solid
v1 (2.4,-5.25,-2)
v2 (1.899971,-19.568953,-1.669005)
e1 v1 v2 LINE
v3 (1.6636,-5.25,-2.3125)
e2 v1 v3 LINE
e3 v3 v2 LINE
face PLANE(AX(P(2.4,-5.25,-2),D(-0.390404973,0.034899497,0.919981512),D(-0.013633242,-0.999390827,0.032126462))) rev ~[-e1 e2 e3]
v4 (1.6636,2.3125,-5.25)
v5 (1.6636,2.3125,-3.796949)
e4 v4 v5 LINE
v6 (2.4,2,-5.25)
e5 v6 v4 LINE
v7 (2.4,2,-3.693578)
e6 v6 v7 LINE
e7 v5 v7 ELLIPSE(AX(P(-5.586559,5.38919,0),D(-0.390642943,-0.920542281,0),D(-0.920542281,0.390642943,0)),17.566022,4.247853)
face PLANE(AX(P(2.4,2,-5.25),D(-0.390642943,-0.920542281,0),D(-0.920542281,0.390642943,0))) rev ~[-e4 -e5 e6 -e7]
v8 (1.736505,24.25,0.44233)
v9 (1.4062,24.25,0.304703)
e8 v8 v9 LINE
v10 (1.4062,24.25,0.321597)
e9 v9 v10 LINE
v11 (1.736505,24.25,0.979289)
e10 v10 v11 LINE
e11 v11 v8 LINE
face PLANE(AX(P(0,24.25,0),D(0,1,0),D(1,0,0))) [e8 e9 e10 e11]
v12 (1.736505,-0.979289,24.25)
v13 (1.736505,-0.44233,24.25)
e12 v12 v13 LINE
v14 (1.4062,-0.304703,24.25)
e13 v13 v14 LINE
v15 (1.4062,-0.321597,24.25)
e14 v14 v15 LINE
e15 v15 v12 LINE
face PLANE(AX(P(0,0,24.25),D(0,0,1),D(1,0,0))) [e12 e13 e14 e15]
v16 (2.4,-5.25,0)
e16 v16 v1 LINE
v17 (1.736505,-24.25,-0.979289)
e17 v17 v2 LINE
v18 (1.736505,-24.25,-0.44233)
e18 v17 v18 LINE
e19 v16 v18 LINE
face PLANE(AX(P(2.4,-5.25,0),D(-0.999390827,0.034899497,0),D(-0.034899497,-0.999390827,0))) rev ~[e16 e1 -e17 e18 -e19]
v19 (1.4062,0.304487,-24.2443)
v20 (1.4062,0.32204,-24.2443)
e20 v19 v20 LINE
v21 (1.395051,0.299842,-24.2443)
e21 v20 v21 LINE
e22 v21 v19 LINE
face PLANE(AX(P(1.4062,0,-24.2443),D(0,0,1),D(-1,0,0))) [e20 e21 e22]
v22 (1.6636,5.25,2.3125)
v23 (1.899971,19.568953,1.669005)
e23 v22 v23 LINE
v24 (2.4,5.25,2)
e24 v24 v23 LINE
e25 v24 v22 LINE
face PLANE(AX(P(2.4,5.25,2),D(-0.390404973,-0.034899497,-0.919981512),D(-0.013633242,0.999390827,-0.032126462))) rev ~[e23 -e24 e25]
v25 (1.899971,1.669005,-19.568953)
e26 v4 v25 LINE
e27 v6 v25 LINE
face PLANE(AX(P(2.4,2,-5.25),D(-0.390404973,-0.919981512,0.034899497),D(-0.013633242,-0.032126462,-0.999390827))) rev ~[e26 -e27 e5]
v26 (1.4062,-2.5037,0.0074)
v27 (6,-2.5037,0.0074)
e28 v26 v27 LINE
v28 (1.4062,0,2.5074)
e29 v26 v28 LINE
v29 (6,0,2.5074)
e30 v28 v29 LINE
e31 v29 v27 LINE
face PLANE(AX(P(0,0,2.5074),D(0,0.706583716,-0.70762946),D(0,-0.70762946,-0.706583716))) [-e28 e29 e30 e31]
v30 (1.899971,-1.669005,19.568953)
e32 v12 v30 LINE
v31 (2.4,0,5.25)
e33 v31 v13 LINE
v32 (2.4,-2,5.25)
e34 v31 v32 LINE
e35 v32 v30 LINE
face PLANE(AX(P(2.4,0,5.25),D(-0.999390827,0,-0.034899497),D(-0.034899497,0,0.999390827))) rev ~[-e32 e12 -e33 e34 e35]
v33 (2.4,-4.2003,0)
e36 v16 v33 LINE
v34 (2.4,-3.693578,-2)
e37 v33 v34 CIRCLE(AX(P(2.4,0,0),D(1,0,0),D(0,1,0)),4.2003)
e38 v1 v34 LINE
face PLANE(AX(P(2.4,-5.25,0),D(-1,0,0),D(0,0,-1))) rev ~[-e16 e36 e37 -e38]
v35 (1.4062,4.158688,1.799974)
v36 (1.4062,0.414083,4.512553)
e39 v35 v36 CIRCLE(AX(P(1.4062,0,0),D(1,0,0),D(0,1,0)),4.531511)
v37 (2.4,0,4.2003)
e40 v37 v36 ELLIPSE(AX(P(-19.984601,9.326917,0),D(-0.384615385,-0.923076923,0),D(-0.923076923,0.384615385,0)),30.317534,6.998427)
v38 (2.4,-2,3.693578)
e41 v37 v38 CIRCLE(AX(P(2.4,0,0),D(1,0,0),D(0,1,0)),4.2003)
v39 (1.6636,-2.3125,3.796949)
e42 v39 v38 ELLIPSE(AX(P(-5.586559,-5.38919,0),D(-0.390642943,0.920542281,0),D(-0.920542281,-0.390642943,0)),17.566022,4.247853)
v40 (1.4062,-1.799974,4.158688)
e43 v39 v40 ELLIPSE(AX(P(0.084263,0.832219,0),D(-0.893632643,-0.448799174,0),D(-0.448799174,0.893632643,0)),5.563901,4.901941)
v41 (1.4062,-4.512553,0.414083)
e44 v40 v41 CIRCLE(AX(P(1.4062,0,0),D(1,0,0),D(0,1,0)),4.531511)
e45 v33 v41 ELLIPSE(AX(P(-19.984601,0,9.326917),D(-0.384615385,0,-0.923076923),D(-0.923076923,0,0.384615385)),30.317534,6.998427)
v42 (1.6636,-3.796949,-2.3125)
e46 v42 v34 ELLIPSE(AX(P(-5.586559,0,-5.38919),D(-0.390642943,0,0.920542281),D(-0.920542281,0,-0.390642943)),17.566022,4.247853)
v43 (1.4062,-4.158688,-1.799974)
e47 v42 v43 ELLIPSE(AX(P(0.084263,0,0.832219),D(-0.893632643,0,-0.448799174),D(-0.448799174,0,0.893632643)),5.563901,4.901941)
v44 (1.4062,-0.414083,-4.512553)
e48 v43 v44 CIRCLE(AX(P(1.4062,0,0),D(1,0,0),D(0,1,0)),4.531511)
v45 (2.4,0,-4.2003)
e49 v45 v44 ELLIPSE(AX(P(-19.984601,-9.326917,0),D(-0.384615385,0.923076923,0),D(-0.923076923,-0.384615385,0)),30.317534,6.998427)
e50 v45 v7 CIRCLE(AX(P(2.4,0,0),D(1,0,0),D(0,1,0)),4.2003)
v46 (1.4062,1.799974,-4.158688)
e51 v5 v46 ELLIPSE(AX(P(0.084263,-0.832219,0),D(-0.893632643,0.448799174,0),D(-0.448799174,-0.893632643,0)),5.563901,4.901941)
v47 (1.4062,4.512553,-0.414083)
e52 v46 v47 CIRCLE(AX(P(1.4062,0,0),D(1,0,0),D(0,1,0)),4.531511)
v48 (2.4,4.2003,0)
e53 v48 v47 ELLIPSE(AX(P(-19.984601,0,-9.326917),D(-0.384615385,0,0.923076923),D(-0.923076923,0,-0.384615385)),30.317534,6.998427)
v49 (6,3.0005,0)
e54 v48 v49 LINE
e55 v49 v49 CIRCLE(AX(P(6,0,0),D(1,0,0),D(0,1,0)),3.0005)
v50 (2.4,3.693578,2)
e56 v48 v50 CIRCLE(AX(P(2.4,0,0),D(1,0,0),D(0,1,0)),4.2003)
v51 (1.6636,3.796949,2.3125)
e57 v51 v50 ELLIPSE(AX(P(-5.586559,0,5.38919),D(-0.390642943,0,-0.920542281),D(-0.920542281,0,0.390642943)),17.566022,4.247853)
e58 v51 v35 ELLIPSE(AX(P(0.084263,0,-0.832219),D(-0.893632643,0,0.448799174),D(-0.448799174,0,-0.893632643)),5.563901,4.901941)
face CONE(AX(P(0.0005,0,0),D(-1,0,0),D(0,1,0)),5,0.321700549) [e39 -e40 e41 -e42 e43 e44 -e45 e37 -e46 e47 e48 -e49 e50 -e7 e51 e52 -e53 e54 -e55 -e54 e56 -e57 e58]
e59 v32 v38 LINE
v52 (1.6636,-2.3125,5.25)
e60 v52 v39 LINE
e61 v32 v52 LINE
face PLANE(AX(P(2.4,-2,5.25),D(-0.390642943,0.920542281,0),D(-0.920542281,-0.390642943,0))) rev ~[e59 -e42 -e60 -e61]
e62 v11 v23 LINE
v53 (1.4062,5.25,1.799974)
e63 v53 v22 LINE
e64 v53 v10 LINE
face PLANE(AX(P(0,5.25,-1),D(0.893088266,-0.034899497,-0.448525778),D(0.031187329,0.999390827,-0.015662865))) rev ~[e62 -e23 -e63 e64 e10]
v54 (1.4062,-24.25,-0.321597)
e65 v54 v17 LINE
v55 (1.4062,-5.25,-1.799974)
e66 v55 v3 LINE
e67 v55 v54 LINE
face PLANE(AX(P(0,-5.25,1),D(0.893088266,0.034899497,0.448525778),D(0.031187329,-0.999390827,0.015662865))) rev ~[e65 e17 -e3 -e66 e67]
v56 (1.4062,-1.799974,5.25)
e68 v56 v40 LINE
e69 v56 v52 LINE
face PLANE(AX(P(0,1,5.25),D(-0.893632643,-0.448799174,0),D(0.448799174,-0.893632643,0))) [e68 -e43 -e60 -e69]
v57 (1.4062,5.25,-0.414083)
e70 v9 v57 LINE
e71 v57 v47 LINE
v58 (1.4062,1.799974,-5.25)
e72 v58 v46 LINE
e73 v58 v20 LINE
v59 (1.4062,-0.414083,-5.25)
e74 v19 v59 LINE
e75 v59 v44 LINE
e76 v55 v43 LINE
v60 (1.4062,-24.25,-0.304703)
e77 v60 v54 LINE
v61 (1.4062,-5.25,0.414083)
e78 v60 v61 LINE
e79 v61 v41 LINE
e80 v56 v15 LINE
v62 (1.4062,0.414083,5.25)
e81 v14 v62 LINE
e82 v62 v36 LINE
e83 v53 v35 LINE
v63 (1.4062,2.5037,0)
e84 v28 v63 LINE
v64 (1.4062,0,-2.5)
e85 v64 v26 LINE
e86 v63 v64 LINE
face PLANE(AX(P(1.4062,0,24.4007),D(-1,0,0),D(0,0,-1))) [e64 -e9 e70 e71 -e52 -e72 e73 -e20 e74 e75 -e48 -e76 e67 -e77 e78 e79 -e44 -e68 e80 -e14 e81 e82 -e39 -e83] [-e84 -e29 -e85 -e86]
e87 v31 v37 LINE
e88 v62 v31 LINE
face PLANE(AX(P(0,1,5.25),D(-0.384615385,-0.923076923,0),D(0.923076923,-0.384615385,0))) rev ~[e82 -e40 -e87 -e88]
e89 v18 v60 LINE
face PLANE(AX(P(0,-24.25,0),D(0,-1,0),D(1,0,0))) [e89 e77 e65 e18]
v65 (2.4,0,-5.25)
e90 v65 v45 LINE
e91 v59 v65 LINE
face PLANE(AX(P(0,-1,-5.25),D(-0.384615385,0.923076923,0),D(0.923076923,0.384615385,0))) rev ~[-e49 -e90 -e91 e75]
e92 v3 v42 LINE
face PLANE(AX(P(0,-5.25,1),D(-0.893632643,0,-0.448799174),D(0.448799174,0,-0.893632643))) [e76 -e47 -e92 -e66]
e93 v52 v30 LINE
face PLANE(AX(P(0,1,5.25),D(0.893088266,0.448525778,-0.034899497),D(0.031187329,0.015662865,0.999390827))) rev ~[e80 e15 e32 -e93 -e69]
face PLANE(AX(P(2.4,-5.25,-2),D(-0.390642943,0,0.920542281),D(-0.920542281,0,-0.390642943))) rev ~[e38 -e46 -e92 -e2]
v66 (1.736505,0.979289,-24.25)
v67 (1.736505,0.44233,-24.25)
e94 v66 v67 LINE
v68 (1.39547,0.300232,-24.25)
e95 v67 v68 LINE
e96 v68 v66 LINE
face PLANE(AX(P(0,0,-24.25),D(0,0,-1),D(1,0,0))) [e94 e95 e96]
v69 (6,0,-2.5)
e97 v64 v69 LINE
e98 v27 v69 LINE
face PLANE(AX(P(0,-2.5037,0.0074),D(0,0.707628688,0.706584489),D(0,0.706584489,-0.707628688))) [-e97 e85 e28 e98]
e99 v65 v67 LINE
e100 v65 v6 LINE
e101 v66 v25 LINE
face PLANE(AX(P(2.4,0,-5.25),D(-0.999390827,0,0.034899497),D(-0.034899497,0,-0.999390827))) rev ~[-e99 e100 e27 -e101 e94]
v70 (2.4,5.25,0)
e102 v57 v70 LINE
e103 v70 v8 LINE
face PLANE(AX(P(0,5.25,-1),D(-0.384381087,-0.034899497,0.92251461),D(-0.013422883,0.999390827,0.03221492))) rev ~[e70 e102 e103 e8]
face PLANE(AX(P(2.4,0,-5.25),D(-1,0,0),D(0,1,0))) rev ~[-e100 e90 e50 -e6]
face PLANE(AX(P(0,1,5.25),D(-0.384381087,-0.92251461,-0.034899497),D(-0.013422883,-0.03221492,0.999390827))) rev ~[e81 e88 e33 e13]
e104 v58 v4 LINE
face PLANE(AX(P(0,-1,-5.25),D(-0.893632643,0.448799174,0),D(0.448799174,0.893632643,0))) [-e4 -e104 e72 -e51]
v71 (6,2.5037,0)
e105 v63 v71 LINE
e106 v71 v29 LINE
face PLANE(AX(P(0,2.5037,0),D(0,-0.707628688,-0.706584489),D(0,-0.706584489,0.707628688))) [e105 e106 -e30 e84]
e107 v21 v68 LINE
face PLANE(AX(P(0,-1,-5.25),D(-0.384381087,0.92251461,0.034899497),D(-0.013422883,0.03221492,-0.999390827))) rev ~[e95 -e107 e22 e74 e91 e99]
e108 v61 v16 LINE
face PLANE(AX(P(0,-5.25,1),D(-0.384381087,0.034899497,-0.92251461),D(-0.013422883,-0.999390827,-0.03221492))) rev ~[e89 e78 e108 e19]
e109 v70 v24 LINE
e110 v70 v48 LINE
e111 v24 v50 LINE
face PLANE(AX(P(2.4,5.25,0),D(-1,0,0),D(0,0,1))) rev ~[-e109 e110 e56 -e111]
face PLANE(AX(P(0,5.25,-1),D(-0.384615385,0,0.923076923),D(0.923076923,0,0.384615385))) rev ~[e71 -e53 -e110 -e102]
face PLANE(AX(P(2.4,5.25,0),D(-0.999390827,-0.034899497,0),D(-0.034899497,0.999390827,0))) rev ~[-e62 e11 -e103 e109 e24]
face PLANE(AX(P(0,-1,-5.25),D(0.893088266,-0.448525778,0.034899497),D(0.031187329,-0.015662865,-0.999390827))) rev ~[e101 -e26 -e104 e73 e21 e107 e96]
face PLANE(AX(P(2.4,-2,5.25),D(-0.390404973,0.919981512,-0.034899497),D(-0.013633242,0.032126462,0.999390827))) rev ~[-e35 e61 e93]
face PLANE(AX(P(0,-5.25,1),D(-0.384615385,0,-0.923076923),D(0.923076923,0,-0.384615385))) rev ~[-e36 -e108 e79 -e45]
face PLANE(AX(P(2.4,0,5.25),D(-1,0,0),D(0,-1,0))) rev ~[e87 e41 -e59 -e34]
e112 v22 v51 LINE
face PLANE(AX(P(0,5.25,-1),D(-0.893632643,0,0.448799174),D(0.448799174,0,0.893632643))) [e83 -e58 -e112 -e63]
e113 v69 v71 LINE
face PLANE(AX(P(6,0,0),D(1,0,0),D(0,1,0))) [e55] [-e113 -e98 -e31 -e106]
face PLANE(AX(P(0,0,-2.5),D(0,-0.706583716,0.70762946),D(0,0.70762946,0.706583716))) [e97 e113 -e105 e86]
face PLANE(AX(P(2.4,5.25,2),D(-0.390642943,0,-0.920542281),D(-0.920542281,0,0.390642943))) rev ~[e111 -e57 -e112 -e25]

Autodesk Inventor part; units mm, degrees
ref_plane "YZ Plane" through (0, 0, 0) normal (1, 0, 0) x (0, 1, 0)
ref_plane "XZ Plane" through (0, 0, 0) normal (0, 1, 0) x (-1, 0, 0)
ref_plane "XY Plane" through (0, 0, 0) normal (0, 0, 1) x (1, 0, 0)
sketch "Эскиз1" plane through (0, 0, 0) normal (1, 0, 0) x (0, 1, 0)
  circle A0 centre (0, 0) radius 5
  line L0 (0, -2.5) -> (2.5037, 0)
  line L1 (2.5037, 0) -> (0, 2.5074)
  line L2 (0, 2.5074) -> (-2.5037, 0.0074)
  line L3 (-2.5037, 0.0074) -> (0, -2.5)
extrude "Выдавливание1" add sketch "Эскиз1" along normal blind 6
chamfer "Фаска1" distance 6 distance2 2 1 edges at (6, -5, 0) measured on face at (4, 4.9353, -0.8021)
ref_plane "РабПлоскость3" through (0, 0, 5.25) normal (0, 0, 1) x (1, 0, 0)
sketch "Эскиз5" plane through (0, 0, 5.25) normal (0, 0, 1) x (1, 0, 0)
  line L0 (0, 1) -> (2.4, 0)
  line L1 (2.4, 0) -> (2.4, -2)
  line L2 (2.4, -2) -> (1.6636, -2.3125)
  line L3 (0, 1) -> (1.6636, -2.3125)
  point P0 (0, 0)
extrude "Выдавливание2" add sketch "Эскиз5" along normal blind 19 draft -2 and the other way blind 2
pattern_circular "Круговой массив1" count 4 over 360 about axis through (3, 0, 0) along (1, 0, 0) of "Выдавливание2"
sketch "Эскиз6" plane through (0, 0, 0) normal (0, 1, 0) x (-1, 0, 0)
  line L0 (-1.1407, -15.27) -> (6.3977, -15.27)
  line L1 (6.3977, -15.27) -> (6.3977, 15.5226)
  line L2 (6.3977, 15.5226) -> (-1.1407, 15.5226)
  line L3 (-1.1407, 15.5226) -> (-1.1407, -15.27)
  point P0 (0, 0)
extrude "Выдавливание3" cut sketch "Эскиз6" along normal through all both and the other way through all
sketch "Эскиз7" plane through (0, 0, 0) normal (0, 1, 0) x (-1, 0, 0)
  line L0 (-1.4062, -24.2443) -> (6.1599, -24.2443)
  line L1 (6.1599, -24.2443) -> (6.1599, 24.4007)
  line L2 (6.1599, 24.4007) -> (-1.4062, 24.4007)
  line L3 (-1.4062, 24.4007) -> (-1.4062, -24.2443)
  point P0 (0, 0)
extrude "Выдавливание4" cut sketch "Эскиз7" along normal through all both and the other way through all
properties part number "Нож"
